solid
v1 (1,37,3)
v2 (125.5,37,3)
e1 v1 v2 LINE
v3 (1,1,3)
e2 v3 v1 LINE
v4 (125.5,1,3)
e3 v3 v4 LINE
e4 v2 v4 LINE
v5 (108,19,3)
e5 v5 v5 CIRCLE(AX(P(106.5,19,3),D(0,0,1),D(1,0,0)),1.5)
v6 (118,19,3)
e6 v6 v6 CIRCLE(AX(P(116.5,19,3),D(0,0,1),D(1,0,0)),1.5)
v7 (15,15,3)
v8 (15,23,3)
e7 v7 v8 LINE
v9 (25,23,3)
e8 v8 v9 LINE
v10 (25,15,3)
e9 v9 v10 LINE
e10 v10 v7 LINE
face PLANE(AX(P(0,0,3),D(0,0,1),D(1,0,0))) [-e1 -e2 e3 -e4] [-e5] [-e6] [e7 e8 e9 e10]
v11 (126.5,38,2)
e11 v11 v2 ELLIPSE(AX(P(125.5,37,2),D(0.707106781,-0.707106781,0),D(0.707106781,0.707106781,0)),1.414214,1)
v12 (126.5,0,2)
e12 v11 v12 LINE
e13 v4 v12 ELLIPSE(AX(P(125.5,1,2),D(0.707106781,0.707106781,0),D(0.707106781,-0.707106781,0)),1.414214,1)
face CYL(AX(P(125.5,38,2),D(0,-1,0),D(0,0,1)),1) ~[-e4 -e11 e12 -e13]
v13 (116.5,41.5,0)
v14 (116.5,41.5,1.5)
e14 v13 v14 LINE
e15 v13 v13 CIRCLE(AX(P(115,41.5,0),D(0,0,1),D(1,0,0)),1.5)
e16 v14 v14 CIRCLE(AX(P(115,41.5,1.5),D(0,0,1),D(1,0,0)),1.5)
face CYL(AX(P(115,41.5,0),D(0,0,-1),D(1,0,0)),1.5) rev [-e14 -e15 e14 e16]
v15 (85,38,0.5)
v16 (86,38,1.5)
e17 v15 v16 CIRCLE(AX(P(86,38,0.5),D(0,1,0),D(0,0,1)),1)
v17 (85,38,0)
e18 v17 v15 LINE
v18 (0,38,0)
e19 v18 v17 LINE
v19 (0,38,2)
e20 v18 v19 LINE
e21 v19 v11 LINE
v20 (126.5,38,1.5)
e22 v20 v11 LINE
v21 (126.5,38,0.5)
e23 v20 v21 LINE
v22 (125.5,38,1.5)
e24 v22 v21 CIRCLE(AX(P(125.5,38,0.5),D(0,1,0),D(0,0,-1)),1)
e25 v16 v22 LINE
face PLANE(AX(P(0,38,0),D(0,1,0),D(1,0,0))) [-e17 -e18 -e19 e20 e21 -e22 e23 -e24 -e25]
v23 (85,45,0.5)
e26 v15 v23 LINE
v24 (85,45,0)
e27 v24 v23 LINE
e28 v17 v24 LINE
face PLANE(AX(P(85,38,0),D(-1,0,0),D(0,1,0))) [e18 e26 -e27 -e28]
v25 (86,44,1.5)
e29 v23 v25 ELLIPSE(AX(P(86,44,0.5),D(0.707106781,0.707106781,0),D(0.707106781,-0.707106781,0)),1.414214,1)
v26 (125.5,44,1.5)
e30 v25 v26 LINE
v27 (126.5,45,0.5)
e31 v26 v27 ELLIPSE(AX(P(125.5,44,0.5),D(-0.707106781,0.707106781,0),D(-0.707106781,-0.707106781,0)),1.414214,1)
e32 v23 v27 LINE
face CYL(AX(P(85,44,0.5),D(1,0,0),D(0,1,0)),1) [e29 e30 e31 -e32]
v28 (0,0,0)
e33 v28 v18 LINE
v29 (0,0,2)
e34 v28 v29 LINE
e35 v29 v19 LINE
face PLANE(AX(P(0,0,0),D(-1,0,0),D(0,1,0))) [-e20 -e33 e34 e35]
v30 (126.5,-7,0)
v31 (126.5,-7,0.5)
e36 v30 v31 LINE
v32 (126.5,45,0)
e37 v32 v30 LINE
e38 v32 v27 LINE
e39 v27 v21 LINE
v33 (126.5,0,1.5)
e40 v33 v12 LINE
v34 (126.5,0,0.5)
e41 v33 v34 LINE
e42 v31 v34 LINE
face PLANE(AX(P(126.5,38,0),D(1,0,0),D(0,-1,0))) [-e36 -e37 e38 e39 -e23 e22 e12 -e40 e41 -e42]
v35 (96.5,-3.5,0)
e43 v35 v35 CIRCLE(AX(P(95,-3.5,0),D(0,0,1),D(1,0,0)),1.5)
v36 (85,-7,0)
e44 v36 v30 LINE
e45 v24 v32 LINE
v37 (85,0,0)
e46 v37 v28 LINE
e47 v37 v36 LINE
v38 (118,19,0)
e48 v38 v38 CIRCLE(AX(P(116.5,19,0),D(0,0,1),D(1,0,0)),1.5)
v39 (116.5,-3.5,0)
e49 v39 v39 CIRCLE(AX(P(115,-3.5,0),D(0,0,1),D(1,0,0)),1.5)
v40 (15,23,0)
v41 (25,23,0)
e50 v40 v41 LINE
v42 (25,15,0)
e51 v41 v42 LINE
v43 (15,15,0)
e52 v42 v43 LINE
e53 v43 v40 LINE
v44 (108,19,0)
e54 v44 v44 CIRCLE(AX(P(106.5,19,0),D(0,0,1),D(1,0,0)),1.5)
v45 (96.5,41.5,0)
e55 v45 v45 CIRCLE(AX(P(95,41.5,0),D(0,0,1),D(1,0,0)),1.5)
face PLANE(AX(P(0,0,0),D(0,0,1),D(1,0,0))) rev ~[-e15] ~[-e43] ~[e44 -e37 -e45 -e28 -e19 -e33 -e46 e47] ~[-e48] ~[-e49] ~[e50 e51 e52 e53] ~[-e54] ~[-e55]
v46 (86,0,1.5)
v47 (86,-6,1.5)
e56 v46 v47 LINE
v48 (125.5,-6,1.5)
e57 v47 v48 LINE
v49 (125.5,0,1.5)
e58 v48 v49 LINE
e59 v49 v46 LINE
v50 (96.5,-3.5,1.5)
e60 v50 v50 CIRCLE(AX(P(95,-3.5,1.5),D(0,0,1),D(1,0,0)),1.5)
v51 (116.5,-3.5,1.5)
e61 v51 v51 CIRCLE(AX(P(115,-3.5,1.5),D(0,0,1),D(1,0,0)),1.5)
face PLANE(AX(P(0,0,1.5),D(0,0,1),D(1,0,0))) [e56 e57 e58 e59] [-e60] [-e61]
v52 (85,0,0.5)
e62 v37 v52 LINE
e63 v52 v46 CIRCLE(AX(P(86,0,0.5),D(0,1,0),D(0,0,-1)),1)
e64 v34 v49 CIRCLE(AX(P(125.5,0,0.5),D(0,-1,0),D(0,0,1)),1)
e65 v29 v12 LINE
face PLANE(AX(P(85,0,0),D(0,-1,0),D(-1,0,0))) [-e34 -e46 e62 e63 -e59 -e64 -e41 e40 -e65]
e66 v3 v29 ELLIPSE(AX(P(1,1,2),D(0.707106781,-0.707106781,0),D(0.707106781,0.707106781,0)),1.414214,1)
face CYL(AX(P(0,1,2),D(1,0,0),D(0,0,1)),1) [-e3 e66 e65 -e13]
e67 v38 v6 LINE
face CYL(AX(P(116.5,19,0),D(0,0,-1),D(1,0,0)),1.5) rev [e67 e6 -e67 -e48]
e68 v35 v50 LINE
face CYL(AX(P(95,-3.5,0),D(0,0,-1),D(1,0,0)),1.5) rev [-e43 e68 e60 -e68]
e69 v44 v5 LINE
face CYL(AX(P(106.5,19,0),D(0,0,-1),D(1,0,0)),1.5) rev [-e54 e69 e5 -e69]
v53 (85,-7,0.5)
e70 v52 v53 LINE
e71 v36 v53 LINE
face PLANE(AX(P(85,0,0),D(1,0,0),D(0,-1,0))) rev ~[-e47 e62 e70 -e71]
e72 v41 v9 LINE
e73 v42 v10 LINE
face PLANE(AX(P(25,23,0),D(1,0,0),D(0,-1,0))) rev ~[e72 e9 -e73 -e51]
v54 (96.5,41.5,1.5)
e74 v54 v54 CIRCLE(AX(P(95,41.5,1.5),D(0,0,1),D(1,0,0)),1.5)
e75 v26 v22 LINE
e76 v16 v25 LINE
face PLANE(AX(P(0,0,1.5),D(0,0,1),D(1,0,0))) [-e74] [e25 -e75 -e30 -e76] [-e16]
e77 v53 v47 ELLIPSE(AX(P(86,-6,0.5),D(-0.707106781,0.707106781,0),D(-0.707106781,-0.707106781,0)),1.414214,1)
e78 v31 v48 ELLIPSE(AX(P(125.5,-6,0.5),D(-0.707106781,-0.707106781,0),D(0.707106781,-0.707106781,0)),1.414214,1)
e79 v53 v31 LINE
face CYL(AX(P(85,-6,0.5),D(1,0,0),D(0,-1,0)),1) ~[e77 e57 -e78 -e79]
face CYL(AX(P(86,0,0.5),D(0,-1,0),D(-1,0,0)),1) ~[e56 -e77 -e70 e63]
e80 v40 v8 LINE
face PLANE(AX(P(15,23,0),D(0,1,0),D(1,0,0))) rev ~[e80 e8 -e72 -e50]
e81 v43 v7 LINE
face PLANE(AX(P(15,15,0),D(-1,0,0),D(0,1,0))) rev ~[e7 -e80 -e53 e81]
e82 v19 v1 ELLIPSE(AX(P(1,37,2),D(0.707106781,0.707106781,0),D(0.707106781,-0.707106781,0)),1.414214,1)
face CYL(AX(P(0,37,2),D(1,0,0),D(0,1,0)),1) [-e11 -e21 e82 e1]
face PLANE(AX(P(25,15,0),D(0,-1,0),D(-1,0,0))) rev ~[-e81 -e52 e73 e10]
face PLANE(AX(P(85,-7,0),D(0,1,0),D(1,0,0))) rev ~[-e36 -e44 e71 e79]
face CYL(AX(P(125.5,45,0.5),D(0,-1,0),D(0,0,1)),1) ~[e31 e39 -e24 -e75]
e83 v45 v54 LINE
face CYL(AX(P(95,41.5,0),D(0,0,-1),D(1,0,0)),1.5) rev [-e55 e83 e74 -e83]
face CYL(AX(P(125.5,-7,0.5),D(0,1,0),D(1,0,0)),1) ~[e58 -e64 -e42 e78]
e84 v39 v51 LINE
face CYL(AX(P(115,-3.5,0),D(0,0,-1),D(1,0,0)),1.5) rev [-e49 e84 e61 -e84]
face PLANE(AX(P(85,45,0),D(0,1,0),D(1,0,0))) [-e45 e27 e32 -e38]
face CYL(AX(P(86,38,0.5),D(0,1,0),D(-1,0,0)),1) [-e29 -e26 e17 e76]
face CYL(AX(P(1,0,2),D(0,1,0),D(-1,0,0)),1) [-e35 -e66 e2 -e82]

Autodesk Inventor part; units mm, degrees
ref_plane "YZ Plane" through (0, 0, 0) normal (1, 0, 0) x (0, 1, 0)
ref_plane "XZ Plane" through (0, 0, 0) normal (0, 1, 0) x (-1, 0, 0)
ref_plane "XY Plane" through (0, 0, 0) normal (0, 0, 1) x (1, 0, 0)
sketch "sketch" plane through (0, 0, 0) normal (0, 0, 1) x (1, 0, 0)
  line L0 (-52.714, 0) -> (218.2838, 0) construction
  line L1 (0, -17.4) -> (0, 55.4) construction
  line L2 (0, 38) -> (126.5, 38)
  line L3 (126.5, 38) -> (126.5, 0)
  line L4 (126.5, 0) -> (0, 0)
  line L5 (0, 0) -> (0, 38)
  line L6 (15, 23) -> (25, 23)
  line L7 (25, 23) -> (25, 15)
  line L8 (25, 15) -> (15, 15)
  line L9 (15, 15) -> (15, 23)
  circle A0 centre (116.5, 19) radius 1.5
  circle A1 centre (106.5, 19) radius 1.5
  line L10 (85, 45) -> (126.5, 45)
  line L11 (126.5, 45) -> (126.5, 38)
  line L12 (126.5, 38) -> (85, 38)
  line L13 (85, 38) -> (85, 45)
  line L14 (-14, 19) -> (179.5698, 19) construction
  circle A2 centre (95, 41.5) radius 1.5
  circle A3 centre (115, 41.5) radius 1.5
  line L15 (85, -7) -> (126.5, -7)
  line L16 (126.5, -7) -> (126.5, 0)
  line L17 (85, 0) -> (85, -7)
  circle A4 centre (95, -3.5) radius 1.5
  circle A5 centre (115, -3.5) radius 1.5
  dimension "d0" = 126.5
  dimension "d1" = 38
  dimension "d2" = 15
  dimension "d3" = 10
  dimension "d4" = 8
  dimension "d5" = 15
  dimension "d6" = 3
  dimension "d7" = 10
  dimension "d8" = 3
  dimension "d9" = 10
  dimension "d10" = 19
  dimension "d11" = 19
  dimension "d12" = 41.5
  dimension "d13" = 7
  dimension "d14" = 19
  dimension "d15" = 10
  dimension "d16" = 11.5
  dimension "d17" = 3
  dimension "d18" = 3
  dimension "d19" = 3.5
  dimension "d20" = 3.5
extrude "roof" add sketch "sketch" along normal blind 3 contours L2 L3 L4 L5
extrude "bolt" add sketch "sketch" along normal blind 1.5 contours L13 L10 L11 L2 | L4 L16 L15 L17
fillet "so_hurt" radius 1 10 edges at (63.25, 38, 3) (63.25, 0, 3) (126.5, 19, 3) (85, -3.5, 1.5) (105.75, -7, 1.5) (126.5, 41.5, 1.5) (105.75, 45, 1.5) (85, 41.5, 1.5) (0, 19, 3) (126.5, -3.5, 1.5)
equation "\"d8\" = d6"
equation "\"d10\" = 0.5 * d1"
equation "\"d11\" = 0.5 * d1"
equation "\"d14\" = 0.5 * d1"
equation "\"d17\" = d6"
equation "\"d18\" = d6"
equation "\"d19\" = 0.5 * d13"
equation "\"d20\" = 0.5 * d13"
properties part number "roof"
